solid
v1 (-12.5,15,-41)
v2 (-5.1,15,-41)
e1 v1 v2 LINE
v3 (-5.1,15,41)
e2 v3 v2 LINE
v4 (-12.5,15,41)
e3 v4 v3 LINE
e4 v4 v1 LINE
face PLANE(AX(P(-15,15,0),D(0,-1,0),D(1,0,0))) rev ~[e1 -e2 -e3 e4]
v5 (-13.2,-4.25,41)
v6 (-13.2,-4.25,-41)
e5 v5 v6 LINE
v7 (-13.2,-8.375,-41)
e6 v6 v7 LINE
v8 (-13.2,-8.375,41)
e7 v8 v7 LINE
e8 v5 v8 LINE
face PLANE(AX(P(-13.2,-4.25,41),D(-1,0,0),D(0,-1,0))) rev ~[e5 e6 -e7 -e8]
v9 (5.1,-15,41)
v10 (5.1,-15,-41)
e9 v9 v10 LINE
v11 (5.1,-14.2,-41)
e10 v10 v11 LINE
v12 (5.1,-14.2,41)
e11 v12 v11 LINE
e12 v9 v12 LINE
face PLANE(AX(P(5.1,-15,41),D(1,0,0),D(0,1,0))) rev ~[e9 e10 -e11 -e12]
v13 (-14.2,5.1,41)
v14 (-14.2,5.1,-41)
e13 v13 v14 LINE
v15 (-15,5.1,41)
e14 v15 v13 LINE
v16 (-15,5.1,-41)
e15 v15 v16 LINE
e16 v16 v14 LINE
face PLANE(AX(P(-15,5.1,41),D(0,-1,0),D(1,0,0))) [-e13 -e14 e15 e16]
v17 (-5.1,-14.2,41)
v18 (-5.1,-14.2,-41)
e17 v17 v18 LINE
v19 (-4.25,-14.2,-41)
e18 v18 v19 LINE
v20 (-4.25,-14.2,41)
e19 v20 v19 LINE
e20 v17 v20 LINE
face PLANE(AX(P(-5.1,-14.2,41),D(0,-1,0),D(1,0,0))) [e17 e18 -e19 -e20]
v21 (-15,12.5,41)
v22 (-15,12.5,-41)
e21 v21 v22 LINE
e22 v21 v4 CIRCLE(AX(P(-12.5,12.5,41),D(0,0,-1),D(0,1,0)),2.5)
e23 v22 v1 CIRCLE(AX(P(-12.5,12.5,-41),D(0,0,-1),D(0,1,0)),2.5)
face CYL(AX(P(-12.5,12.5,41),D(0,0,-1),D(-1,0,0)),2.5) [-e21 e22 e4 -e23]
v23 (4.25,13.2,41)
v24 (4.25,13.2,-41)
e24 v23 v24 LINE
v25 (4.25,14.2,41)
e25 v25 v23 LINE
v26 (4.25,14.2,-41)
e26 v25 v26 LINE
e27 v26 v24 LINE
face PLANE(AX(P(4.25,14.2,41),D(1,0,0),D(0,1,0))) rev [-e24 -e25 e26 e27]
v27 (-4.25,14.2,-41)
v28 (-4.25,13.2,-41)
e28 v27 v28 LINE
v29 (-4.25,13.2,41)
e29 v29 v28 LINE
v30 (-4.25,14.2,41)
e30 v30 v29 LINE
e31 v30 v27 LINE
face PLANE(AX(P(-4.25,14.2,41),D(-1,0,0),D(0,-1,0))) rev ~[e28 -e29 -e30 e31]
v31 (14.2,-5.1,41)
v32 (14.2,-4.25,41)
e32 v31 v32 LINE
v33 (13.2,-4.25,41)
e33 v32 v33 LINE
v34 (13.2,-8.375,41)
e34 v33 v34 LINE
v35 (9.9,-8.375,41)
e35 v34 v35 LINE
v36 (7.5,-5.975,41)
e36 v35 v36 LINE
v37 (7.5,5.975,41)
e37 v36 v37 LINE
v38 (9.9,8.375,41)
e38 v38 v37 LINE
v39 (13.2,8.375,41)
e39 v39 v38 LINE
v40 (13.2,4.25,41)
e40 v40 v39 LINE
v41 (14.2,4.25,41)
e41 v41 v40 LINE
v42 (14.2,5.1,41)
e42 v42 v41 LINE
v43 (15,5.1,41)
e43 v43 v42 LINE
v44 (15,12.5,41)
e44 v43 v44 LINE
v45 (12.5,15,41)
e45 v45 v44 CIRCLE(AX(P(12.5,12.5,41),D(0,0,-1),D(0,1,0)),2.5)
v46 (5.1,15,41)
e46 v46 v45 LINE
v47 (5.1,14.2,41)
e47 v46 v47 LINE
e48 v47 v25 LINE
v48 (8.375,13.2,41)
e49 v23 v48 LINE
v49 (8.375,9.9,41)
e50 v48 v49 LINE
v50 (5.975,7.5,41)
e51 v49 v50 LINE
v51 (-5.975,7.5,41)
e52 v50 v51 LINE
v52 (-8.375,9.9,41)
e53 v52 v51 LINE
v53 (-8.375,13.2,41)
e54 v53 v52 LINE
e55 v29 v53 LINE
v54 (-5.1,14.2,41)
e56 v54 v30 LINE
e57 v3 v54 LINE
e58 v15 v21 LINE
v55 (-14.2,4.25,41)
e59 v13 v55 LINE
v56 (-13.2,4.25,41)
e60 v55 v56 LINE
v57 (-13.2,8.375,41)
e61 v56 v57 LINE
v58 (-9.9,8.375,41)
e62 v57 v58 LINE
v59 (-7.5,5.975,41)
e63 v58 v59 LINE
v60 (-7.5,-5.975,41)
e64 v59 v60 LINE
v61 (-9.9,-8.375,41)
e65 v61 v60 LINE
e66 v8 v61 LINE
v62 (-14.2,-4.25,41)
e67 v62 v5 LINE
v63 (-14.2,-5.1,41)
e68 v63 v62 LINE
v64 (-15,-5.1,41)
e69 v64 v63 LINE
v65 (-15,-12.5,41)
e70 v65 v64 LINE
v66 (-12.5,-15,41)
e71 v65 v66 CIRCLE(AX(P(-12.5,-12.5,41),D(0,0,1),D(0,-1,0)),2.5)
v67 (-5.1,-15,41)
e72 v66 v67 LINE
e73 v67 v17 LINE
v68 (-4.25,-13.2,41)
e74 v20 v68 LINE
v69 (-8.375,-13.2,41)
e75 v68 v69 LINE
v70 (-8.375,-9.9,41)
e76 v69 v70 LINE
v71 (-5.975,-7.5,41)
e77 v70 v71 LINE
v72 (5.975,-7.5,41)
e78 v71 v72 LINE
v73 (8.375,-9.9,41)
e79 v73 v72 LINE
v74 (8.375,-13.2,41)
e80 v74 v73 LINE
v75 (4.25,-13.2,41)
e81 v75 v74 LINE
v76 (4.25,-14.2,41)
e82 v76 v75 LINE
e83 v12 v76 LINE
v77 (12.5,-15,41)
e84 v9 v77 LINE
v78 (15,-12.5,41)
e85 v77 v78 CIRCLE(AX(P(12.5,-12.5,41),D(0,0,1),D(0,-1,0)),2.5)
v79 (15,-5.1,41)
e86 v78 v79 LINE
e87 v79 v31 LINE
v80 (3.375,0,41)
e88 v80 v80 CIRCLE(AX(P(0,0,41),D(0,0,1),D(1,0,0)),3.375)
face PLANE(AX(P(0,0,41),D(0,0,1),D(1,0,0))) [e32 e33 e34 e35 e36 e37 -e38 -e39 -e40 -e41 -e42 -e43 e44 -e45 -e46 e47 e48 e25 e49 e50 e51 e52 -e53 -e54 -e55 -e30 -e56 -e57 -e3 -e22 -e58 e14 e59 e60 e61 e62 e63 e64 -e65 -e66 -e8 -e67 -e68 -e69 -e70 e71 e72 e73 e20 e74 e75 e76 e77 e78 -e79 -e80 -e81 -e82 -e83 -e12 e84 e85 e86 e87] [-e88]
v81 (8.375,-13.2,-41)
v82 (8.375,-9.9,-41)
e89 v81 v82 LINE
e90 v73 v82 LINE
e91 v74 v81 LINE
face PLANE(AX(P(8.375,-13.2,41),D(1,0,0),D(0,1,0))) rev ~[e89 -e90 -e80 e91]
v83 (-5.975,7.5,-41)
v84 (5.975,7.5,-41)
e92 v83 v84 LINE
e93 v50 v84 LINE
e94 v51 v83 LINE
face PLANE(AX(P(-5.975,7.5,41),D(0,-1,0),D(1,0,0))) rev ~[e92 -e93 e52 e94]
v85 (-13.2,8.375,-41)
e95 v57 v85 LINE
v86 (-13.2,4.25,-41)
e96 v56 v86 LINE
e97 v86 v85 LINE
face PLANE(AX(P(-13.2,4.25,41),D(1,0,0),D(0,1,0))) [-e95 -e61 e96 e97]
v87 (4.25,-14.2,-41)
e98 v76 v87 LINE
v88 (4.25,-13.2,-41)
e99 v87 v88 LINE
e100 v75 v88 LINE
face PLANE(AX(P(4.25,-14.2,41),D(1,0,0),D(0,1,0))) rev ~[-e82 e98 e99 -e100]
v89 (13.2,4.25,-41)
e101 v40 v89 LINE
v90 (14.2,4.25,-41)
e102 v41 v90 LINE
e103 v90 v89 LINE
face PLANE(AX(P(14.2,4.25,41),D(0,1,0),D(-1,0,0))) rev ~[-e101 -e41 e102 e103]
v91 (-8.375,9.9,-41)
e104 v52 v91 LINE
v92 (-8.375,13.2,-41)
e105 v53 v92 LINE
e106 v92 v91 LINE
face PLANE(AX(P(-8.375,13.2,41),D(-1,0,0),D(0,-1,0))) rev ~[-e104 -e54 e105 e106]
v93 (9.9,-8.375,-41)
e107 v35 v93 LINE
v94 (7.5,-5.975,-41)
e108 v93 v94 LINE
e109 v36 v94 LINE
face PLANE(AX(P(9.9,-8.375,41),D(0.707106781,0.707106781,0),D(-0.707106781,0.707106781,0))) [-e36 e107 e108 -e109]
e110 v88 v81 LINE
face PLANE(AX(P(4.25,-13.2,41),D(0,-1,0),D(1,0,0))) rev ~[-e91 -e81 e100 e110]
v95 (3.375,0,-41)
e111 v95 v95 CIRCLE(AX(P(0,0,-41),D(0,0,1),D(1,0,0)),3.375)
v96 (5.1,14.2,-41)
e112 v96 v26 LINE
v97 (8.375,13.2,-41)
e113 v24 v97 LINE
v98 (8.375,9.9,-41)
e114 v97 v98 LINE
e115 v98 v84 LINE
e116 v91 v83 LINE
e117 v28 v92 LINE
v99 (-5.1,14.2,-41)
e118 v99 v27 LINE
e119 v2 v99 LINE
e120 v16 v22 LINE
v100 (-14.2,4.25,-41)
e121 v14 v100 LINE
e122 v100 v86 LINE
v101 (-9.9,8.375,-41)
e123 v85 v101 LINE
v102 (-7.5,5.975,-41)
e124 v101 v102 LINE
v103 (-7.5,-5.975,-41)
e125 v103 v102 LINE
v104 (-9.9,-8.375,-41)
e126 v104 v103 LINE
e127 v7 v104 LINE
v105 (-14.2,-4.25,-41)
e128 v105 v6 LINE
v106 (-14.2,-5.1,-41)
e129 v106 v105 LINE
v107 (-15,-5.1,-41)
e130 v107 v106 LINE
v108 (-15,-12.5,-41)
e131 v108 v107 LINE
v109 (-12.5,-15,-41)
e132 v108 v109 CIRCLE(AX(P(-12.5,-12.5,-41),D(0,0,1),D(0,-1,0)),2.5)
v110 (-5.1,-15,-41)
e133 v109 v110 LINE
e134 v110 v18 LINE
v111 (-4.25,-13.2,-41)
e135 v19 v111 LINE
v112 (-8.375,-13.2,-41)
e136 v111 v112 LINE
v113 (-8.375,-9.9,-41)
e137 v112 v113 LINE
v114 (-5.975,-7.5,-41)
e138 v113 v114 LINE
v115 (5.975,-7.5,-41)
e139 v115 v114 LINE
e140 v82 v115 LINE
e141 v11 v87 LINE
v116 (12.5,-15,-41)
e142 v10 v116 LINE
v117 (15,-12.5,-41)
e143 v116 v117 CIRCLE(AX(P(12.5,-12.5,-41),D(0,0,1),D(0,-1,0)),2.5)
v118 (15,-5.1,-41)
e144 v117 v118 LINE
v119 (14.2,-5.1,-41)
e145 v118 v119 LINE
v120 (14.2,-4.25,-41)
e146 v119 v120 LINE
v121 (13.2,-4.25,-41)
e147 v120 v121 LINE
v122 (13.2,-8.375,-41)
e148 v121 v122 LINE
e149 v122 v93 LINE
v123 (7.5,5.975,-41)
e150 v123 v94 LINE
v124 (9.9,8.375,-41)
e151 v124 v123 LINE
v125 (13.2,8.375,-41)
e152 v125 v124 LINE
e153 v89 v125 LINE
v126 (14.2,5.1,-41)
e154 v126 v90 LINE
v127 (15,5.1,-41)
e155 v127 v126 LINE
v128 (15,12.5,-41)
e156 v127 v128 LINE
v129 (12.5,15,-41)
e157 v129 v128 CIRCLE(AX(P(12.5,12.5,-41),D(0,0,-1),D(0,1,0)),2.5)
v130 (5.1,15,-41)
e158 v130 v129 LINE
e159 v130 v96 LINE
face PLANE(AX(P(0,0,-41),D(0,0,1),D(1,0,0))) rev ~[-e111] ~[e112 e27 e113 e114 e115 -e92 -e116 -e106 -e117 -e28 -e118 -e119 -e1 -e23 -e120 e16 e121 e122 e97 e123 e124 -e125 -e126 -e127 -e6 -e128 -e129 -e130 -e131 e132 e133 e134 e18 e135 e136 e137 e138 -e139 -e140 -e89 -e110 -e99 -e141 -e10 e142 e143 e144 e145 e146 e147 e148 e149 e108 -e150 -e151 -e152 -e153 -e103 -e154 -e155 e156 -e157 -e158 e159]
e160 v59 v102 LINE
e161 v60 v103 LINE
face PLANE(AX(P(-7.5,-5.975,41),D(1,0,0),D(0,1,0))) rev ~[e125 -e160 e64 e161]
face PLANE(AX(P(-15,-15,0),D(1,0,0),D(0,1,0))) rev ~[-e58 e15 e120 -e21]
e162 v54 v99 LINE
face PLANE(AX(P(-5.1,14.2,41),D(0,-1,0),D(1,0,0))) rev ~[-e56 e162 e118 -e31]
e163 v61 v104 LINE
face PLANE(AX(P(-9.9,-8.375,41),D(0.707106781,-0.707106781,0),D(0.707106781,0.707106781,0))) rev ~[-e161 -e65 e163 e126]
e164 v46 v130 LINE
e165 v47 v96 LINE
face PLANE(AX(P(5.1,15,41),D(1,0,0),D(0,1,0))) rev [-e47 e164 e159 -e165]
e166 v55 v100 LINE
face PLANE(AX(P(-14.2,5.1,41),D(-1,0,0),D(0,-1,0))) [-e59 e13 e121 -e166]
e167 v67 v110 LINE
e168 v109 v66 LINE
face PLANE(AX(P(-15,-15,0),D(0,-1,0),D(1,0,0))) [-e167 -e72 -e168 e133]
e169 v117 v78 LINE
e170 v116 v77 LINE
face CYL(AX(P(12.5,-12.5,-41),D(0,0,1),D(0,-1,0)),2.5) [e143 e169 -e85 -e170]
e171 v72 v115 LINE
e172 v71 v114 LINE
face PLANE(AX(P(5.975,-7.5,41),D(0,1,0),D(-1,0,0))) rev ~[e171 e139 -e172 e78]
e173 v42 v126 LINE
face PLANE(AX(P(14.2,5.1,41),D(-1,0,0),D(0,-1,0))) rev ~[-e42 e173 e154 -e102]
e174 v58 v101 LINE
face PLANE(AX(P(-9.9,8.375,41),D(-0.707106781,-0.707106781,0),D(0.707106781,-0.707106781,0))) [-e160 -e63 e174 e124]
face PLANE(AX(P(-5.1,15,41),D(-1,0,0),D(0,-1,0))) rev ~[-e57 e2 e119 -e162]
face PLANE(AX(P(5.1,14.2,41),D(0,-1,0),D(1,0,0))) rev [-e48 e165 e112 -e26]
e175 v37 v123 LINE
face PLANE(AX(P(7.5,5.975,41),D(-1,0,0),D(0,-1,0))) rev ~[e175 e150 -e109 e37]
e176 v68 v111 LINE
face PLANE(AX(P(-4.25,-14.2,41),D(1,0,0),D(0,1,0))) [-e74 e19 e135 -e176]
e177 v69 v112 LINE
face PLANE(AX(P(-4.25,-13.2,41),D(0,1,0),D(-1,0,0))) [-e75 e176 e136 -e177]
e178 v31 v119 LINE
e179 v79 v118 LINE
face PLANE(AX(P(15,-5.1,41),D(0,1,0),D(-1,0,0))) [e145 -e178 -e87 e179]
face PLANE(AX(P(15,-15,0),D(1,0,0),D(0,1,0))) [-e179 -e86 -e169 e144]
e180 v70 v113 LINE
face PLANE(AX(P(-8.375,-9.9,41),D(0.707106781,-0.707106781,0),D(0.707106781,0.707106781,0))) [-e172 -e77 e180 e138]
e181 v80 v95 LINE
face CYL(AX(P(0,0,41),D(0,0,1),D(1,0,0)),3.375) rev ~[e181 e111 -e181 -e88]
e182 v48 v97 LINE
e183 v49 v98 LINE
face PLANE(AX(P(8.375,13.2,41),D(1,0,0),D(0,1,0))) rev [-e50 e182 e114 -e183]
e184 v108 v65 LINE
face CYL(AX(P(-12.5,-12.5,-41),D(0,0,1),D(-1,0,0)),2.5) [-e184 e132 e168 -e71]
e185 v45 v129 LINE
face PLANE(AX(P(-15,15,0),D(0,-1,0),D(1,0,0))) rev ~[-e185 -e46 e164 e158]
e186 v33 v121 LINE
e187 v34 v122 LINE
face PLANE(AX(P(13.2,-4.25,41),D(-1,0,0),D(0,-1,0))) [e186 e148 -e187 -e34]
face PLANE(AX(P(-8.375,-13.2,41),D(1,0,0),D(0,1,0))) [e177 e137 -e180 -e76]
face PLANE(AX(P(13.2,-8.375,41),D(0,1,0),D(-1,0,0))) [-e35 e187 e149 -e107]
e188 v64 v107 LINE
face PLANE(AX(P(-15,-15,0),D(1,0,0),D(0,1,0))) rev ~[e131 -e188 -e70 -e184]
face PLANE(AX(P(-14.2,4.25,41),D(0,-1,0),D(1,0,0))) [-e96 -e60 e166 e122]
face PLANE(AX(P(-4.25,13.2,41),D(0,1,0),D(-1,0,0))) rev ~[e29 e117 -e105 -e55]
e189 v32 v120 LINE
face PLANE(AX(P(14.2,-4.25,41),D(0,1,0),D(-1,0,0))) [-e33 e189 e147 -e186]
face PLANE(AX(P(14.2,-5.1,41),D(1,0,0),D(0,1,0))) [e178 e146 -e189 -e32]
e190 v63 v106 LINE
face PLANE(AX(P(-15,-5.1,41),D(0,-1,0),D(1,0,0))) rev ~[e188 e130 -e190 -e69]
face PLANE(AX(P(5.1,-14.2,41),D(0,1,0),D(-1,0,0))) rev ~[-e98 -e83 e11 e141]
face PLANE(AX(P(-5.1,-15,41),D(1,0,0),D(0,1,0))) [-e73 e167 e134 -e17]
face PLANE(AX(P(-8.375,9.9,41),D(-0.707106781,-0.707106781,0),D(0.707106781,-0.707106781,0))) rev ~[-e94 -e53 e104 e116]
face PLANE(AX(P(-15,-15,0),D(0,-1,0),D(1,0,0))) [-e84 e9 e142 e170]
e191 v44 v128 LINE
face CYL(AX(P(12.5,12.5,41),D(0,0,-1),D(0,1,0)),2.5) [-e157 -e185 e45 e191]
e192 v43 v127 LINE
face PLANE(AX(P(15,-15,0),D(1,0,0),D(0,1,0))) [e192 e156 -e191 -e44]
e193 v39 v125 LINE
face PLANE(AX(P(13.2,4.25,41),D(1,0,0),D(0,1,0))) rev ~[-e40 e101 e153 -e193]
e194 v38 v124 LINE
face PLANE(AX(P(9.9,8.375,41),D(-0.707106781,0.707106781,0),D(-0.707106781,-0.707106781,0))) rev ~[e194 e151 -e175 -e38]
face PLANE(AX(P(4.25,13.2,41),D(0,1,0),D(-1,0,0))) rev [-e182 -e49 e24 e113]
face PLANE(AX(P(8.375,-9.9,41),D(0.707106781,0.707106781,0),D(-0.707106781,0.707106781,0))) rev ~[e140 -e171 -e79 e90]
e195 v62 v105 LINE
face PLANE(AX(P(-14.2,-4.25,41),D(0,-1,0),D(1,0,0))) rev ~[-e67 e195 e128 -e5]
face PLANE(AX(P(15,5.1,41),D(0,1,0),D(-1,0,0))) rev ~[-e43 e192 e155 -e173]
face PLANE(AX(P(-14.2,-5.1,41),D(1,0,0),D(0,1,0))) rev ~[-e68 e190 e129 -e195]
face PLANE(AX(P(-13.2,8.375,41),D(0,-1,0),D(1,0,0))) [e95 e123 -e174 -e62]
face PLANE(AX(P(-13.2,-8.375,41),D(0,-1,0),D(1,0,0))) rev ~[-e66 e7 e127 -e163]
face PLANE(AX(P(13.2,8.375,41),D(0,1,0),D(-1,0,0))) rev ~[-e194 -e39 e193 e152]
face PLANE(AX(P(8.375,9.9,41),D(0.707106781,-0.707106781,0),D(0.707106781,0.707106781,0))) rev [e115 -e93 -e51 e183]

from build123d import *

# Parameters (mm, degrees)
SKETCH1_W                = 30
SKETCH1_H                = 30
BOSS_EXTRUDE1_DEPTH      = 41
SKETCH2_R                = 3.375
CUT_EXTRUDE1_DEPTH       = 83
FILLET1_R                = 2.5
CUT_EXTRUDE2_DEPTH       = 83
CIRPATTERN1_COUNT        = 4
CIRPATTERN1_COPY_1_DEPTH = 83
CIRPATTERN1_COPY_2_DEPTH = 83
CIRPATTERN1_COPY_3_DEPTH = 83


with BuildPart() as part:
    # Sketch1 → Boss-Extrude1 (new body, symmetric)
    with BuildSketch(Plane.XY):
        Rectangle(SKETCH1_W, SKETCH1_H)
    extrude(amount=BOSS_EXTRUDE1_DEPTH, both=True)

    # Sketch2 → Cut-Extrude1 (cut, through all)
    with BuildSketch(Plane.XY.offset(41)):
        Circle(SKETCH2_R)
    extrude(amount=-CUT_EXTRUDE1_DEPTH, mode=Mode.SUBTRACT)

    # Fillet1
    fillet1_edges = [part.edges().sort_by_distance(p)[0] for p in [
        (15, -15, 0),
        (-15, -15, 0),
        (-15, 15, 0),
        (15, 15, 0),
    ]]
    fillet(fillet1_edges, radius=FILLET1_R)

    # Sketch3 → Cut-Extrude2 (cut, through all)
    with BuildSketch(Plane.XY.offset(41)):
        Polygon((0, 15), (-5.1, 15), (-5.1, 14.2), (-4.25, 14.2), (-4.25, 13.2), (-8.375, 13.2), (-8.375, 9.9), (-5.975, 7.5), (0, 7.5), align=None)
    cut_extrude2 = extrude(amount=-CUT_EXTRUDE2_DEPTH, mode=Mode.SUBTRACT)

    # Mirror1: Cut-Extrude2 across plane
    add(cut_extrude2.mirror(Plane(origin=(0, 0, 0), x_dir=(0, 0, 1), z_dir=(1, 0, 0))), mode=Mode.SUBTRACT)

    # CirPattern1: Cut-Extrude2 ×4 about axis
    cirpattern1_axis = Axis((0, 0, 0), (0, 0, 1))
    for i in range(1, CIRPATTERN1_COUNT):
        add(cut_extrude2.rotate(cirpattern1_axis, i * 360 / CIRPATTERN1_COUNT), mode=Mode.SUBTRACT)

    # CirPattern1 copy 1 sketch → CirPattern1 copy 1 (cut, through all)
    with BuildSketch(Plane(origin=(0, 0, 41), x_dir=(0, -1, 0), z_dir=(0, 0, 1))):
        Polygon((0, -15), (-5.1, -15), (-5.1, -14.2), (-4.25, -14.2), (-4.25, -13.2), (-8.375, -13.2), (-8.375, -9.9), (-5.975, -7.5), (0, -7.5), align=None)
    extrude(amount=-CIRPATTERN1_COPY_1_DEPTH, mode=Mode.SUBTRACT)

    # CirPattern1 copy 2 sketch → CirPattern1 copy 2 (cut, through all)
    with BuildSketch(Plane.XY.offset(41)):
        Polygon((0, -15), (-5.1, -15), (-5.1, -14.2), (-4.25, -14.2), (-4.25, -13.2), (-8.375, -13.2), (-8.375, -9.9), (-5.975, -7.5), (0, -7.5), align=None)
    extrude(amount=-CIRPATTERN1_COPY_2_DEPTH, mode=Mode.SUBTRACT)

    # CirPattern1 copy 3 sketch → CirPattern1 copy 3 (cut, through all)
    with BuildSketch(Plane(origin=(0, 0, 41), x_dir=(0, 1, 0), z_dir=(0, 0, 1))):
        Polygon((0, -15), (-5.1, -15), (-5.1, -14.2), (-4.25, -14.2), (-4.25, -13.2), (-8.375, -13.2), (-8.375, -9.9), (-5.975, -7.5), (0, -7.5), align=None)
    extrude(amount=-CIRPATTERN1_COPY_3_DEPTH, mode=Mode.SUBTRACT)


solid = part.part
